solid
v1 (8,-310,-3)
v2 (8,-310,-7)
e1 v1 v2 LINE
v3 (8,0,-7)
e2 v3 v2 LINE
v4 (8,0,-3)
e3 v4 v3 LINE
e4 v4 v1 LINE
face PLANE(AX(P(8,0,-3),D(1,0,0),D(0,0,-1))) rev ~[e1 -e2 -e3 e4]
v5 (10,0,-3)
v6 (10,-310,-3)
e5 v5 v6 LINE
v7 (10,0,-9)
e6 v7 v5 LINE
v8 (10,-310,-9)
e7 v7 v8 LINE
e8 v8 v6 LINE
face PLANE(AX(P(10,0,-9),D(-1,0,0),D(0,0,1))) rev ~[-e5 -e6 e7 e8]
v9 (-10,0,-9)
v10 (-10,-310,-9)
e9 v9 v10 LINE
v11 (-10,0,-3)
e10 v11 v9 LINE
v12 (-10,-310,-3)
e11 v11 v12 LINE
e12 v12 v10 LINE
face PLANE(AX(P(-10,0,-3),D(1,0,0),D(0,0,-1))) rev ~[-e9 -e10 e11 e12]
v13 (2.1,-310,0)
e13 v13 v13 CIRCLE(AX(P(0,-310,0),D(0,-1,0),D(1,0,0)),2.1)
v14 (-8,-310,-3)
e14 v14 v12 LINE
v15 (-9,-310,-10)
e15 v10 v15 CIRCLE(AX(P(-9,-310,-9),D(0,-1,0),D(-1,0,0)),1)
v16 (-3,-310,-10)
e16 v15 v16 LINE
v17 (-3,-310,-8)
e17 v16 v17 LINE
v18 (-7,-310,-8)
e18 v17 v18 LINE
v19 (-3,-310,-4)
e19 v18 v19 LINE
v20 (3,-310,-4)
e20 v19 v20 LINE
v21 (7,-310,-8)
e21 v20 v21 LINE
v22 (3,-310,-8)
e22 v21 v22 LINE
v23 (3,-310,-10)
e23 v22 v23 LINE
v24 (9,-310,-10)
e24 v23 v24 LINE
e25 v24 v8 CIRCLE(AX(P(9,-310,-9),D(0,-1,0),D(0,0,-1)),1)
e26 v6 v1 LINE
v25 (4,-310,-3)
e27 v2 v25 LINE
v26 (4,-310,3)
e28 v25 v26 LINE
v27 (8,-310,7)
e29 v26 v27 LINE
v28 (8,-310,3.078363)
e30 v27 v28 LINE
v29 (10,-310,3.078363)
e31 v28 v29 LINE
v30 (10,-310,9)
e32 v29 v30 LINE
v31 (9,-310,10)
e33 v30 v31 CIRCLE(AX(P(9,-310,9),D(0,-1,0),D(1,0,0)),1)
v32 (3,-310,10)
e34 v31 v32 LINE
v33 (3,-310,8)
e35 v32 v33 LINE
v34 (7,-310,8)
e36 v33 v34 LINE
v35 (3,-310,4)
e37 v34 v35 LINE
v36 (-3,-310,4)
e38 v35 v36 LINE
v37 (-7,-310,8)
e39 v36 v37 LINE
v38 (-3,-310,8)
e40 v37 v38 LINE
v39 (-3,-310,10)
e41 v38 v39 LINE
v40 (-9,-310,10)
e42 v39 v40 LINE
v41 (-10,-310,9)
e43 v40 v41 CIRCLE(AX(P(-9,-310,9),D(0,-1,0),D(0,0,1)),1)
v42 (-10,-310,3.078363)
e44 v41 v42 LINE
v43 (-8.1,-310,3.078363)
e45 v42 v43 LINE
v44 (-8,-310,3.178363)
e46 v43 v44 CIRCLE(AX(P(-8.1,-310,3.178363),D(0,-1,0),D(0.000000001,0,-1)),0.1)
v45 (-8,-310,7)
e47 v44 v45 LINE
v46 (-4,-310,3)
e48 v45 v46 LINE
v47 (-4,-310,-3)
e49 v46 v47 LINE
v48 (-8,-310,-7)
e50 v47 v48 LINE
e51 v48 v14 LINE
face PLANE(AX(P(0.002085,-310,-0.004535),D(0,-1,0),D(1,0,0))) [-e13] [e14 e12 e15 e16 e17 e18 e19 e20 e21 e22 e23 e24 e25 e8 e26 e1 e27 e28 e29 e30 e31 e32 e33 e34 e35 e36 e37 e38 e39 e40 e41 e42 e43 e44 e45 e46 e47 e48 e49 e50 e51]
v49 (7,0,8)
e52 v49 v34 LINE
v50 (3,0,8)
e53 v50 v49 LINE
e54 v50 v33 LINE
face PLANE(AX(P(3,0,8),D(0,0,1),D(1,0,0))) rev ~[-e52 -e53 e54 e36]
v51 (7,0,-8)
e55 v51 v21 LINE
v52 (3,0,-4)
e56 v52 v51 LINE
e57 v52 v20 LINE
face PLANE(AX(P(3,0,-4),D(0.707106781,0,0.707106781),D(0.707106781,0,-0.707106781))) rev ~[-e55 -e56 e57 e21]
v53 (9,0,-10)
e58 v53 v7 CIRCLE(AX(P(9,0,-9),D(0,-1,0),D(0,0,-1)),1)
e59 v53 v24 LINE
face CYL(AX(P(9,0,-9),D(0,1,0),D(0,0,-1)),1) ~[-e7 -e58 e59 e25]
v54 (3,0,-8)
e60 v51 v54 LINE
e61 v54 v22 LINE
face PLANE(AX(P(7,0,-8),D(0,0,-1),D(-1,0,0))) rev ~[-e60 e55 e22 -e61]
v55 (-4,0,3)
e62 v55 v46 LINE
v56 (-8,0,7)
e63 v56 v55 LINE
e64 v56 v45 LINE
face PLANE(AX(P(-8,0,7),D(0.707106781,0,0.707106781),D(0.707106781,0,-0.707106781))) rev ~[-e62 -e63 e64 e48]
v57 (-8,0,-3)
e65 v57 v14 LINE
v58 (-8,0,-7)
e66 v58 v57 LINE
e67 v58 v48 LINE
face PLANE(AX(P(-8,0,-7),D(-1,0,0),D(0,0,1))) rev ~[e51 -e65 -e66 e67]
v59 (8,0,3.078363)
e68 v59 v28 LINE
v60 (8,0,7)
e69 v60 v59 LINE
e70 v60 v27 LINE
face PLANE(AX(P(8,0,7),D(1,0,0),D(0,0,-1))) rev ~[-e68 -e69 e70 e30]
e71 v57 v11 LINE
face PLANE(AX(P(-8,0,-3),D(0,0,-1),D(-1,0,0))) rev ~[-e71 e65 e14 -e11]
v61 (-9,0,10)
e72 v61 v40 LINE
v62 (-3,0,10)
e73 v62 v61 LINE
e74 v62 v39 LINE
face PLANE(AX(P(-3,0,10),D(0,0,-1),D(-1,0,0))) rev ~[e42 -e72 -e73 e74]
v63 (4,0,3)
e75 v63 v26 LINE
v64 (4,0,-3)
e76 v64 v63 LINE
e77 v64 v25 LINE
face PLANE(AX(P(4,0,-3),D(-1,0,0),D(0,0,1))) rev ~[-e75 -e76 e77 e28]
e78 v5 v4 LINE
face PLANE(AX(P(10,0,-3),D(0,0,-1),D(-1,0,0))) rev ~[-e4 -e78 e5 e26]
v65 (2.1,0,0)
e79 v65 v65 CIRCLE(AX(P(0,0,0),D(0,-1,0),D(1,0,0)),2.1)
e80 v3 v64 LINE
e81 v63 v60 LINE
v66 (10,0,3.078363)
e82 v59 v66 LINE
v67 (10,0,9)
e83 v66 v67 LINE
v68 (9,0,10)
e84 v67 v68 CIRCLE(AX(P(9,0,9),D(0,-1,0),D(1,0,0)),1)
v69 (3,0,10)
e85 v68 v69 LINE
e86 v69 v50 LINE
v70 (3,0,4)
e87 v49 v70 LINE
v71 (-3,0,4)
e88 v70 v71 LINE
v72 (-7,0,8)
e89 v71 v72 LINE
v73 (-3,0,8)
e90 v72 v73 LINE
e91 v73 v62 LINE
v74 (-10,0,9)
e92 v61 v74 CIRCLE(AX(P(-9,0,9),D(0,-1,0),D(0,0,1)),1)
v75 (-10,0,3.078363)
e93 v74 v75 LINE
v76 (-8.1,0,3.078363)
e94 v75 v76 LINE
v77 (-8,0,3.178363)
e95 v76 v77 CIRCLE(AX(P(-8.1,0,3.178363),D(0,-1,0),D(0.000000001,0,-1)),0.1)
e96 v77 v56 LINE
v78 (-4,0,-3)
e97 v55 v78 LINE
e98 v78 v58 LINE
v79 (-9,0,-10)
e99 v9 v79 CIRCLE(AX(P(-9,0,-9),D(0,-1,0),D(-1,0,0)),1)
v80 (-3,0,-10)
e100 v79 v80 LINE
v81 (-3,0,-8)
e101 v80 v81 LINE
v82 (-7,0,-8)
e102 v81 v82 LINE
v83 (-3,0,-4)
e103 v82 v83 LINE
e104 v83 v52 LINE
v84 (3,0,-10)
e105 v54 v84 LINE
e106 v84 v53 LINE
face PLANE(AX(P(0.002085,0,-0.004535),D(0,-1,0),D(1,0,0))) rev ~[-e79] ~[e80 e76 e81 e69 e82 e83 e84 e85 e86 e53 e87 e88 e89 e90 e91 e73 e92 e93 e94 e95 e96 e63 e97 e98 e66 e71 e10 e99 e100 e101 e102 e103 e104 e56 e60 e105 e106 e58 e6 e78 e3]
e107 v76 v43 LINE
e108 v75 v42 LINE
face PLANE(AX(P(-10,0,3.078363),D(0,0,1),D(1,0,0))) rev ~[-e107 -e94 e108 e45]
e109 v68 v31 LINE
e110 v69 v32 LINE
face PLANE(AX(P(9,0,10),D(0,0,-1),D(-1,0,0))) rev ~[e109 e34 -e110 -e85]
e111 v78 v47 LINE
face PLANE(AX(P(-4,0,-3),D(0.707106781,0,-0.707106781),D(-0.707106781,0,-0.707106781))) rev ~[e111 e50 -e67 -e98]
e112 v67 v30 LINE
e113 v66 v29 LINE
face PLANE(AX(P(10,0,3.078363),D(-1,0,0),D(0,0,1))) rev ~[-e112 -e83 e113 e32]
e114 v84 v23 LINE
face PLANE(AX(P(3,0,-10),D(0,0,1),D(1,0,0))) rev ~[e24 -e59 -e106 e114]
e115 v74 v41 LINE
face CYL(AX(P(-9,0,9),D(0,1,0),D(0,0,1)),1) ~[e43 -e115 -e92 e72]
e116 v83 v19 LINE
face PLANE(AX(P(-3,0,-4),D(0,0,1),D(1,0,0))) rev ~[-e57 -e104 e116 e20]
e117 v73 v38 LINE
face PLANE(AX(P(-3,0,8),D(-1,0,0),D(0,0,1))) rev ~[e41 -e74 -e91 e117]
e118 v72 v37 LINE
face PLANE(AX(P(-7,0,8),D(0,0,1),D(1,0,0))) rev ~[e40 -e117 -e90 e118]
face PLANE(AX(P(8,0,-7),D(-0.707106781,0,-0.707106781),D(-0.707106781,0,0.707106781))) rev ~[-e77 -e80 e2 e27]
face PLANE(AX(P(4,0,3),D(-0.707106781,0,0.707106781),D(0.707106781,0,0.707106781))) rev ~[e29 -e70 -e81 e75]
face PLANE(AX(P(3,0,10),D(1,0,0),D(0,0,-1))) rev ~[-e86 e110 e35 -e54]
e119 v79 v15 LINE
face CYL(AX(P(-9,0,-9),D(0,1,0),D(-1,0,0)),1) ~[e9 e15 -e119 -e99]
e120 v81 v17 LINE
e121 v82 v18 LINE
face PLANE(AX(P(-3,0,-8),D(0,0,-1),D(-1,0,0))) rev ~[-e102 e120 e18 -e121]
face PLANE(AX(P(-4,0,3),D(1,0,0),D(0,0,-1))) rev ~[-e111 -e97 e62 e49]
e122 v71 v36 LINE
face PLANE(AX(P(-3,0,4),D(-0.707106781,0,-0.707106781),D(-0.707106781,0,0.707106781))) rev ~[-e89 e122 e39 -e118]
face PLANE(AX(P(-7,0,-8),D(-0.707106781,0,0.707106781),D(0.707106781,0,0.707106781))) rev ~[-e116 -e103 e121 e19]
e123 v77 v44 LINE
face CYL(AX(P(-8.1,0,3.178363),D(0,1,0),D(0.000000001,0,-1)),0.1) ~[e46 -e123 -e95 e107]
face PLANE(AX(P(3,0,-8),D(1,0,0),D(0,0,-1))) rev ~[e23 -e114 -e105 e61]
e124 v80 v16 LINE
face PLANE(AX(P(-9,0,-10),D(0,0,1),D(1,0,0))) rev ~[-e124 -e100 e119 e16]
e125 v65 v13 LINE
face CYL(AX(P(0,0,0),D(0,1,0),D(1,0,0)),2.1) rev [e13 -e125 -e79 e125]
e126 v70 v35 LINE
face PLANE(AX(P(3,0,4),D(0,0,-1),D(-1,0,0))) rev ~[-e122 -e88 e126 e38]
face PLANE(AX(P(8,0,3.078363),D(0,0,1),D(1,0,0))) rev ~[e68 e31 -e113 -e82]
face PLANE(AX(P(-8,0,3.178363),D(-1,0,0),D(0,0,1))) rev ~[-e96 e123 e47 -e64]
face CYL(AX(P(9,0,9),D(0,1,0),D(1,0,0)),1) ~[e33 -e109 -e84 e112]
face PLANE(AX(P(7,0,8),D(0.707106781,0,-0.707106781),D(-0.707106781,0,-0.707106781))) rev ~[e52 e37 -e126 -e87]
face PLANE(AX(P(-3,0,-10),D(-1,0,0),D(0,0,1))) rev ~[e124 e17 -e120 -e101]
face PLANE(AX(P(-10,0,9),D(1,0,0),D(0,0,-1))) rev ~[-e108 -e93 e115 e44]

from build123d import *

# Parameters (mm, degrees)
F0_R     = 2.1
F2_DEPTH = 310


with BuildPart() as f2:
    # F0 (on Front) → F2 (new body)
    with BuildSketch(Plane.XZ):
        with BuildLine():
            ThreePointArc((-10, -9), (-9.7071067812, -9.7071067812), (-9, -10))
            Line((-9, -10), (-3, -10))
            Line((-3, -10), (-3, -8))
            Line((-3, -8), (-7, -8))
            Line((-7, -8), (-3, -4))
            Line((-3, -4), (3, -4))
            Line((3, -4), (7, -8))
            Line((7, -8), (3, -8))
            Line((3, -8), (3, -10))
            Line((3, -10), (9, -10))
            ThreePointArc((9, -10), (9.7071067812, -9.7071067812), (10, -9))
            Line((10, -9), (10, -3))
            Line((10, -3), (8, -3))
            Line((8, -3), (8, -7))
            Line((8, -7), (4, -3))
            Line((4, -3), (4, 3))
            Line((4, 3), (8, 7))
            Line((8, 7), (8, 3.0783633339))
            Line((8, 3.0783633339), (10, 3.0783633339))
            Line((10, 3.0783633339), (10, 9))
            ThreePointArc((10, 9), (9.7071067812, 9.7071067812), (9, 10))
            Line((9, 10), (3, 10))
            Line((3, 10), (3, 8))
            Line((3, 8), (7, 8))
            Line((7, 8), (3, 4))
            Line((3, 4), (-3, 4))
            Line((-3, 4), (-7, 8))
            Line((-7, 8), (-3, 8))
            Line((-3, 8), (-3, 10))
            Line((-3, 10), (-9, 10))
            ThreePointArc((-9, 10), (-9.7071067812, 9.7071067812), (-10, 9))
            Line((-10, 9), (-10, 3.0783633339))
            Line((-10, 3.0783633339), (-8.1, 3.0783633339))
            ThreePointArc((-8.1, 3.0783633339), (-8.0292893219, 3.1076526558), (-8, 3.1783633339))
            Line((-8, 3.1783633339), (-8, 7))
            Line((-8, 7), (-4, 3))
            Line((-4, 3), (-4, -3))
            Line((-4, -3), (-8, -7))
            Line((-8, -7), (-8, -3))
            Line((-8, -3), (-10, -3))
            Line((-10, -3), (-10, -9))
        make_face()
        Circle(F0_R, mode=Mode.SUBTRACT)
    extrude(amount=F2_DEPTH)


solid = f2.part
